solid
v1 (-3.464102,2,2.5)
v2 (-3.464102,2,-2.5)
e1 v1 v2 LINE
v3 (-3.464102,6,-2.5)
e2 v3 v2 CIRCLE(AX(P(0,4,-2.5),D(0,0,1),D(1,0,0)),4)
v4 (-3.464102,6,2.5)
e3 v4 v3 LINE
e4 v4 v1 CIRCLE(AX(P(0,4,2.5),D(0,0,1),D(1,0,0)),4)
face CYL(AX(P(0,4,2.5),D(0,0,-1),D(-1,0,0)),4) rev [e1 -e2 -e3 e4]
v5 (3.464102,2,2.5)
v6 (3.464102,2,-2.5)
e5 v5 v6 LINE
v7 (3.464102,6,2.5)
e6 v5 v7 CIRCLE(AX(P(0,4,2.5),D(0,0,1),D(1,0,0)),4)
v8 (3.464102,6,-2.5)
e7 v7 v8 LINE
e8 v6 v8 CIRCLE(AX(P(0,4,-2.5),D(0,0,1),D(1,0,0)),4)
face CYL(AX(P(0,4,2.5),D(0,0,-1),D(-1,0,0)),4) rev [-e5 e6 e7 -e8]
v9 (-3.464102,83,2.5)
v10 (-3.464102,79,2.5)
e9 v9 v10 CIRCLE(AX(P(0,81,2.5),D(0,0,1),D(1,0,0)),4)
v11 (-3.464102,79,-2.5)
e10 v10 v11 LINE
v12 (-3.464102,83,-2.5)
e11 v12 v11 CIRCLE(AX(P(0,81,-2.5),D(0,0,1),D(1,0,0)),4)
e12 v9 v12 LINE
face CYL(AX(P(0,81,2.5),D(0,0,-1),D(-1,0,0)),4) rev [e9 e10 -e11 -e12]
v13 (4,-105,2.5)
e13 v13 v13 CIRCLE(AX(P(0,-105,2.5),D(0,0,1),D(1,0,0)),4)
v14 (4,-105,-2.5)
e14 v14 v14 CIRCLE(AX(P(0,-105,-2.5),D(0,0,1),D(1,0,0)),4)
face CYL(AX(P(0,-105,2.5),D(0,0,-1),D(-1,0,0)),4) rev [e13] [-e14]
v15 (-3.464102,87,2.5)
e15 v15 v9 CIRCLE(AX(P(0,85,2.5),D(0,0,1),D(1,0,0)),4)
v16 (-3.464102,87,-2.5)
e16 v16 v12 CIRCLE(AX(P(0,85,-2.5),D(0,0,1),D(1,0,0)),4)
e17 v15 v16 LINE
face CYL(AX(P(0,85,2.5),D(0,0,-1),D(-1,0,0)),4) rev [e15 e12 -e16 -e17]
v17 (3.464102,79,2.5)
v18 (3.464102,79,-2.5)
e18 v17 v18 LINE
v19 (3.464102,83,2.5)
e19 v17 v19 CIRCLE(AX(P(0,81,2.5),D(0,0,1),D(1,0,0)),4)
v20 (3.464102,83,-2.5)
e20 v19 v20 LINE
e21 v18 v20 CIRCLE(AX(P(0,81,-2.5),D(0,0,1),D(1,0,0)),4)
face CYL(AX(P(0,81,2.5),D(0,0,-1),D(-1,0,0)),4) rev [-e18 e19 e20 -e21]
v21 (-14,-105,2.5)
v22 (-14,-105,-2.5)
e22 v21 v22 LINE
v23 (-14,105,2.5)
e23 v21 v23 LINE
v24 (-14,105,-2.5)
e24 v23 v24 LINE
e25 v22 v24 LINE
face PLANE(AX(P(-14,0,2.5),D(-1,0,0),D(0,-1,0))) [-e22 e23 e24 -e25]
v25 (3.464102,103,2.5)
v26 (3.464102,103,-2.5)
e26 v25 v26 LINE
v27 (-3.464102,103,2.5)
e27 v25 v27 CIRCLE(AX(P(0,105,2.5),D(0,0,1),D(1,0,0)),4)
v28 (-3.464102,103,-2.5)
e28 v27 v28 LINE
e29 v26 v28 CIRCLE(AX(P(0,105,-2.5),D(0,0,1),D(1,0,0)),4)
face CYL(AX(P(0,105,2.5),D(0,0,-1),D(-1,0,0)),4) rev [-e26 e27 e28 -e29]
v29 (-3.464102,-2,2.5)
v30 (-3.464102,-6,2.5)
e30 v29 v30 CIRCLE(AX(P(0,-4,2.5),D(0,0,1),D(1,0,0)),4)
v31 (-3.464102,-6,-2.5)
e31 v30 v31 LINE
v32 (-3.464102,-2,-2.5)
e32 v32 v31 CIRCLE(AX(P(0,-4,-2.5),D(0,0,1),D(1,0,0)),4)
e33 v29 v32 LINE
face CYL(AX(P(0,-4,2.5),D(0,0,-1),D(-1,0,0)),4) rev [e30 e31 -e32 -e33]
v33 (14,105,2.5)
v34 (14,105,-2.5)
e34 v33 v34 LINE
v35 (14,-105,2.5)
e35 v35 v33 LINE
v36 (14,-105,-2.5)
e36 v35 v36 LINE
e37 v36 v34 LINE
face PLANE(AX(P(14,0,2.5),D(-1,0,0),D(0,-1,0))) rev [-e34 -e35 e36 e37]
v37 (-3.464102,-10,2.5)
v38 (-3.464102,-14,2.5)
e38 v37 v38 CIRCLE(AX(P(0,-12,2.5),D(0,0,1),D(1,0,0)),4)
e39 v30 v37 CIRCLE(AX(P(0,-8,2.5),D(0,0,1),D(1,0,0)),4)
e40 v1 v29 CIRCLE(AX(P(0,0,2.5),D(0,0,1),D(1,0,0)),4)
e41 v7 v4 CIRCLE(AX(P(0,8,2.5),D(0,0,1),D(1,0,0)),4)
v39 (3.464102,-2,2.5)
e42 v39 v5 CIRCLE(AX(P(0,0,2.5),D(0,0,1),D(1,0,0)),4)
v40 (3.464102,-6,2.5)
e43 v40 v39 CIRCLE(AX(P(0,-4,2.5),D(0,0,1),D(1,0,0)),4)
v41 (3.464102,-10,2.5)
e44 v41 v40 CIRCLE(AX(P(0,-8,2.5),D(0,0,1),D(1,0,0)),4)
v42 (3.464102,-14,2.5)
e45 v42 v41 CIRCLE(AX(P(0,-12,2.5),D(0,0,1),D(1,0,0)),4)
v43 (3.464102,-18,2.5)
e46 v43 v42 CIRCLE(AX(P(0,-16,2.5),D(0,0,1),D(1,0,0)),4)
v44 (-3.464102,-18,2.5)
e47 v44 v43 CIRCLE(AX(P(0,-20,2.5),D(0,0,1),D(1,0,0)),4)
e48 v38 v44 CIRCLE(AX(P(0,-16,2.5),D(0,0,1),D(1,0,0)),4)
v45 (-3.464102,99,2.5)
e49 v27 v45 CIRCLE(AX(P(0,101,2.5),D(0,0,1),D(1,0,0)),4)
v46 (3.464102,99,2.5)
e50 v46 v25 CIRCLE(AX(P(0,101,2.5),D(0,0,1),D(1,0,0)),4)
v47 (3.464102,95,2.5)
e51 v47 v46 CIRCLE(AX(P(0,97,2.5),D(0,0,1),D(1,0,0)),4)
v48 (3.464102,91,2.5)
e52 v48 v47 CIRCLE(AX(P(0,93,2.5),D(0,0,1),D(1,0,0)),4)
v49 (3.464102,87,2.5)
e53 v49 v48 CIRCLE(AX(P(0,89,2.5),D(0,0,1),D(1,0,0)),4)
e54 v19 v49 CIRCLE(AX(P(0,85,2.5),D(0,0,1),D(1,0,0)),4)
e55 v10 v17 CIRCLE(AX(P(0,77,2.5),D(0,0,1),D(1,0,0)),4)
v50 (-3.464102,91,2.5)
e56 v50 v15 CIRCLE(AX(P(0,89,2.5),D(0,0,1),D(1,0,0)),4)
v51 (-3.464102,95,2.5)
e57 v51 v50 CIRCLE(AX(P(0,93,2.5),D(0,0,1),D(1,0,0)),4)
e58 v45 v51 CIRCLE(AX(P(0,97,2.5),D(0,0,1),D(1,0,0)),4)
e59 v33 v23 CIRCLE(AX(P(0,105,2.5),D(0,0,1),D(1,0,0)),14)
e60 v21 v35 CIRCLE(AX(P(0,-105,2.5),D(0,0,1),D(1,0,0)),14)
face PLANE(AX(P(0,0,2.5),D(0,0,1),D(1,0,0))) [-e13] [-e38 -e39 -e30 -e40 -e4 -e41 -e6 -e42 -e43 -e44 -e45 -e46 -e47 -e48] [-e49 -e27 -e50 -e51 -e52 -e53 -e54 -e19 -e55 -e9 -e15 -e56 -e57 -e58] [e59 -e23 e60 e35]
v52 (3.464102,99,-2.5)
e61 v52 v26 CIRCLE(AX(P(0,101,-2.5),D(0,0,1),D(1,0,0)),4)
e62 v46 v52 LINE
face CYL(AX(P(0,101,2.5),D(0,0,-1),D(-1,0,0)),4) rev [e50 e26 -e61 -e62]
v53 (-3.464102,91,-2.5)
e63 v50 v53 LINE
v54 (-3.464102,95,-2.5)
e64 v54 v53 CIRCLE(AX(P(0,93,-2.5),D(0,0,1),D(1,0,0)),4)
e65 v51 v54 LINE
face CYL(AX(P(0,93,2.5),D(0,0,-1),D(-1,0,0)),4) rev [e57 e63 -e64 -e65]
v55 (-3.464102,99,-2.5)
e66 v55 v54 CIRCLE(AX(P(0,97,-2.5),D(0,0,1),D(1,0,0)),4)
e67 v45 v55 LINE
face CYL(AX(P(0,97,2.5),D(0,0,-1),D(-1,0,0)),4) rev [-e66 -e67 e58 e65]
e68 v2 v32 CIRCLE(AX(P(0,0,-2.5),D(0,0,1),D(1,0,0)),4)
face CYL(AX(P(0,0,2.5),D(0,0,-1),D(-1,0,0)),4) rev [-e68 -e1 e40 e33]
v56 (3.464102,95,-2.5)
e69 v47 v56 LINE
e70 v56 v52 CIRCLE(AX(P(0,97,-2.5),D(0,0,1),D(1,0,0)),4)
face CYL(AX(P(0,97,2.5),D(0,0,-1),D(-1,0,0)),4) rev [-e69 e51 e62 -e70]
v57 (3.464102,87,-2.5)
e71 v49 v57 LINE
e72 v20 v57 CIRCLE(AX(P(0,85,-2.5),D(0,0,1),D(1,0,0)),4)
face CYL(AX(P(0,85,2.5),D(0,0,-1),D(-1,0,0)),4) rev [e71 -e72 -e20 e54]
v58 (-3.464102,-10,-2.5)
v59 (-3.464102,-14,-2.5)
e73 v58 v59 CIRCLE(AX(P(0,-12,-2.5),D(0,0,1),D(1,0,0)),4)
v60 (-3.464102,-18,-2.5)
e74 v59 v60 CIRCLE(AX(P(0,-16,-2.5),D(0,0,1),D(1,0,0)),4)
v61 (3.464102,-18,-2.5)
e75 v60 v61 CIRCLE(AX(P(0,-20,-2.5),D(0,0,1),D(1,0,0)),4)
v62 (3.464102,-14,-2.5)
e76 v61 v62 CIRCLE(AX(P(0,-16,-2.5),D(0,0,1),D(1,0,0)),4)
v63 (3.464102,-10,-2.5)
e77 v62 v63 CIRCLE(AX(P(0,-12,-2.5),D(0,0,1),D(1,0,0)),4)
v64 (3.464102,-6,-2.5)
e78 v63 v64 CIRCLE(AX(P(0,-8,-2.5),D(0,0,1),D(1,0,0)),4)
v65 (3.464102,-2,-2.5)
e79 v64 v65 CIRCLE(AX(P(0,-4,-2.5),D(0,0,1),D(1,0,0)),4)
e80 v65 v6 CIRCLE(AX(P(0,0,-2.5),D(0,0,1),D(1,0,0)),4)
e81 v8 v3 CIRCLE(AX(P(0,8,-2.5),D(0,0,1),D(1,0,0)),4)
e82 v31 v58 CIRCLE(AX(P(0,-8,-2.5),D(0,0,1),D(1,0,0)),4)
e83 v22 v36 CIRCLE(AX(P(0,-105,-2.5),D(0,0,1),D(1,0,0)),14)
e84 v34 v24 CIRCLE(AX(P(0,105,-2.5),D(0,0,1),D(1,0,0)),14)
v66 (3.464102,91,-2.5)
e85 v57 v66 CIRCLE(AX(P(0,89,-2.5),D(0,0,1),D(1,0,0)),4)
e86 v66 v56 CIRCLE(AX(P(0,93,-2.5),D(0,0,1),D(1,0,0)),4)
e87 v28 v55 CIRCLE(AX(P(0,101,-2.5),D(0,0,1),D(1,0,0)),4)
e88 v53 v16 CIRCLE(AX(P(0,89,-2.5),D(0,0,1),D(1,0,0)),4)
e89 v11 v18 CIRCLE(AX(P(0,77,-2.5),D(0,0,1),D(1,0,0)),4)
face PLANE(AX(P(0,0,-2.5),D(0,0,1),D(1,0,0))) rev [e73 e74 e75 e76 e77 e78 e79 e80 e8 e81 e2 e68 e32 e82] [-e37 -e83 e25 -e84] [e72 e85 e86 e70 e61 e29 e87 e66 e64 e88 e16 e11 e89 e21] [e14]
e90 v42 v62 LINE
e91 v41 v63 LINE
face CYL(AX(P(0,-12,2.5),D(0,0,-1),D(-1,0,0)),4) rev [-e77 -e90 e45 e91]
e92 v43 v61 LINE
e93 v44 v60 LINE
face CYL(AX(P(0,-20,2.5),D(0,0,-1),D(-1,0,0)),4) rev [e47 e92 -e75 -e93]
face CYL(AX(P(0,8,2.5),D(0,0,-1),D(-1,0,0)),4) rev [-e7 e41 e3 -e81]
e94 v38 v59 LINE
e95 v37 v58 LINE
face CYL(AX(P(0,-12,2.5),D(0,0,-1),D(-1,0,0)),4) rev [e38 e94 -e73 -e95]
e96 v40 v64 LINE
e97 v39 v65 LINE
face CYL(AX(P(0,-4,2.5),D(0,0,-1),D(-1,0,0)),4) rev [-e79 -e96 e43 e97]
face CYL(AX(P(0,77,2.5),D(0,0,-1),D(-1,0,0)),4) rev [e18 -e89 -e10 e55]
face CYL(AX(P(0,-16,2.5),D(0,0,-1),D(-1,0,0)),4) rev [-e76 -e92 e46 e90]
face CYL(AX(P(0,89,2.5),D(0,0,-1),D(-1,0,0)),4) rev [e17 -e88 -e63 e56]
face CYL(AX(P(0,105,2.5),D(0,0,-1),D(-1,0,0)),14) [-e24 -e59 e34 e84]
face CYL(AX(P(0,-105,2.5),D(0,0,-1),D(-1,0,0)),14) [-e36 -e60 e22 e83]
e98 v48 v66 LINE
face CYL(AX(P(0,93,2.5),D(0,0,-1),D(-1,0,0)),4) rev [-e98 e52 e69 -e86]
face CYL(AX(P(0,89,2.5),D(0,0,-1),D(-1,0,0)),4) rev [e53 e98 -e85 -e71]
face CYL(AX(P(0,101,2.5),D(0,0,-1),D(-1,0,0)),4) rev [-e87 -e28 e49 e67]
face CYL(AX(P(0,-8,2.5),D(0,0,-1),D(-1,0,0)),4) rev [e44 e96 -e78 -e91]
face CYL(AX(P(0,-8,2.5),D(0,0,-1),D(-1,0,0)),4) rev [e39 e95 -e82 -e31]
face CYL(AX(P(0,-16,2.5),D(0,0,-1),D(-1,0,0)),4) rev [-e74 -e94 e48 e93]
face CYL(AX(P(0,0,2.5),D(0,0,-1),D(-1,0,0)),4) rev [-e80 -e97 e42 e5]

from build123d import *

# Parameters (mm, degrees)
SKETCH1_R           = 4
BOSS_EXTRUDE1_DEPTH = 2.5


with BuildPart() as part:
    # Sketch1 → Boss-Extrude1 (new, symmetric)
    with BuildSketch(Plane(origin=(0, 0, 0), x_dir=(0, 1, 0), z_dir=(0, 0, 1))):
        with BuildLine():
            Line((105, 14), (-105, 14))
            ThreePointArc((-105, 14), (-119, 0), (-105, -14))
            Line((-105, -14), (105, -14))
            ThreePointArc((105, -14), (119, 0), (105, 14))
        make_face()
        with Locations(Location((-105, 0, 0), (0, 0, 270))):
            Circle(SKETCH1_R, mode=Mode.SUBTRACT)
        with BuildLine():
            ThreePointArc((-2, 3.464101615), (0, 4), (2, 3.464101615))
            ThreePointArc((2, 3.464101615), (4, 4), (6, 3.464101615))
            ThreePointArc((6, 3.464101615), (10, 3.464101615), (12, 0))
            ThreePointArc((12, 0), (10, -3.464101615), (6, -3.464101615))
            ThreePointArc((6, -3.464101615), (4, -4), (2, -3.464101615))
            ThreePointArc((2, -3.464101615), (0, -4), (-2, -3.464101615))
            ThreePointArc((-2, -3.464101615), (-4, -4), (-6, -3.464101615))
            ThreePointArc((-6, -3.464101615), (-8, -4), (-10, -3.464101615))
            ThreePointArc((-10, -3.464101615), (-12, -4), (-14, -3.464101615))
            ThreePointArc((-14, -3.464101615), (-16, -4), (-18, -3.464101615))
            ThreePointArc((-18, -3.464101615), (-24, 0), (-18, 3.464101615))
            ThreePointArc((-18, 3.464101615), (-16, 4), (-14, 3.464101615))
            ThreePointArc((-14, 3.464101615), (-12, 4), (-10, 3.464101615))
            ThreePointArc((-10, 3.464101615), (-8, 4), (-6, 3.464101615))
            ThreePointArc((-6, 3.464101615), (-4, 4), (-2, 3.464101615))
        make_face(mode=Mode.SUBTRACT)
        with BuildLine():
            ThreePointArc((103, 3.464101615), (109, 0), (103, -3.464101615))
            ThreePointArc((103, -3.464101615), (101, -4), (99, -3.464101615))
            ThreePointArc((99, -3.464101615), (97, -4), (95, -3.464101615))
            ThreePointArc((95, -3.464101615), (93, -4), (91, -3.464101615))
            ThreePointArc((91, -3.464101615), (89, -4), (87, -3.464101615))
            ThreePointArc((87, -3.464101615), (85, -4), (83, -3.464101615))
            ThreePointArc((83, -3.464101615), (81, -4), (79, -3.464101615))
            ThreePointArc((79, -3.464101615), (73, 0), (79, 3.464101615))
            ThreePointArc((79, 3.464101615), (81, 4), (83, 3.464101615))
            ThreePointArc((83, 3.464101615), (85, 4), (87, 3.464101615))
            ThreePointArc((87, 3.464101615), (89, 4), (91, 3.464101615))
            ThreePointArc((91, 3.464101615), (93, 4), (95, 3.464101615))
            ThreePointArc((95, 3.464101615), (97, 4), (99, 3.464101615))
            ThreePointArc((99, 3.464101615), (101, 4), (103, 3.464101615))
        make_face(mode=Mode.SUBTRACT)
    extrude(amount=BOSS_EXTRUDE1_DEPTH, both=True)


solid = part.part
